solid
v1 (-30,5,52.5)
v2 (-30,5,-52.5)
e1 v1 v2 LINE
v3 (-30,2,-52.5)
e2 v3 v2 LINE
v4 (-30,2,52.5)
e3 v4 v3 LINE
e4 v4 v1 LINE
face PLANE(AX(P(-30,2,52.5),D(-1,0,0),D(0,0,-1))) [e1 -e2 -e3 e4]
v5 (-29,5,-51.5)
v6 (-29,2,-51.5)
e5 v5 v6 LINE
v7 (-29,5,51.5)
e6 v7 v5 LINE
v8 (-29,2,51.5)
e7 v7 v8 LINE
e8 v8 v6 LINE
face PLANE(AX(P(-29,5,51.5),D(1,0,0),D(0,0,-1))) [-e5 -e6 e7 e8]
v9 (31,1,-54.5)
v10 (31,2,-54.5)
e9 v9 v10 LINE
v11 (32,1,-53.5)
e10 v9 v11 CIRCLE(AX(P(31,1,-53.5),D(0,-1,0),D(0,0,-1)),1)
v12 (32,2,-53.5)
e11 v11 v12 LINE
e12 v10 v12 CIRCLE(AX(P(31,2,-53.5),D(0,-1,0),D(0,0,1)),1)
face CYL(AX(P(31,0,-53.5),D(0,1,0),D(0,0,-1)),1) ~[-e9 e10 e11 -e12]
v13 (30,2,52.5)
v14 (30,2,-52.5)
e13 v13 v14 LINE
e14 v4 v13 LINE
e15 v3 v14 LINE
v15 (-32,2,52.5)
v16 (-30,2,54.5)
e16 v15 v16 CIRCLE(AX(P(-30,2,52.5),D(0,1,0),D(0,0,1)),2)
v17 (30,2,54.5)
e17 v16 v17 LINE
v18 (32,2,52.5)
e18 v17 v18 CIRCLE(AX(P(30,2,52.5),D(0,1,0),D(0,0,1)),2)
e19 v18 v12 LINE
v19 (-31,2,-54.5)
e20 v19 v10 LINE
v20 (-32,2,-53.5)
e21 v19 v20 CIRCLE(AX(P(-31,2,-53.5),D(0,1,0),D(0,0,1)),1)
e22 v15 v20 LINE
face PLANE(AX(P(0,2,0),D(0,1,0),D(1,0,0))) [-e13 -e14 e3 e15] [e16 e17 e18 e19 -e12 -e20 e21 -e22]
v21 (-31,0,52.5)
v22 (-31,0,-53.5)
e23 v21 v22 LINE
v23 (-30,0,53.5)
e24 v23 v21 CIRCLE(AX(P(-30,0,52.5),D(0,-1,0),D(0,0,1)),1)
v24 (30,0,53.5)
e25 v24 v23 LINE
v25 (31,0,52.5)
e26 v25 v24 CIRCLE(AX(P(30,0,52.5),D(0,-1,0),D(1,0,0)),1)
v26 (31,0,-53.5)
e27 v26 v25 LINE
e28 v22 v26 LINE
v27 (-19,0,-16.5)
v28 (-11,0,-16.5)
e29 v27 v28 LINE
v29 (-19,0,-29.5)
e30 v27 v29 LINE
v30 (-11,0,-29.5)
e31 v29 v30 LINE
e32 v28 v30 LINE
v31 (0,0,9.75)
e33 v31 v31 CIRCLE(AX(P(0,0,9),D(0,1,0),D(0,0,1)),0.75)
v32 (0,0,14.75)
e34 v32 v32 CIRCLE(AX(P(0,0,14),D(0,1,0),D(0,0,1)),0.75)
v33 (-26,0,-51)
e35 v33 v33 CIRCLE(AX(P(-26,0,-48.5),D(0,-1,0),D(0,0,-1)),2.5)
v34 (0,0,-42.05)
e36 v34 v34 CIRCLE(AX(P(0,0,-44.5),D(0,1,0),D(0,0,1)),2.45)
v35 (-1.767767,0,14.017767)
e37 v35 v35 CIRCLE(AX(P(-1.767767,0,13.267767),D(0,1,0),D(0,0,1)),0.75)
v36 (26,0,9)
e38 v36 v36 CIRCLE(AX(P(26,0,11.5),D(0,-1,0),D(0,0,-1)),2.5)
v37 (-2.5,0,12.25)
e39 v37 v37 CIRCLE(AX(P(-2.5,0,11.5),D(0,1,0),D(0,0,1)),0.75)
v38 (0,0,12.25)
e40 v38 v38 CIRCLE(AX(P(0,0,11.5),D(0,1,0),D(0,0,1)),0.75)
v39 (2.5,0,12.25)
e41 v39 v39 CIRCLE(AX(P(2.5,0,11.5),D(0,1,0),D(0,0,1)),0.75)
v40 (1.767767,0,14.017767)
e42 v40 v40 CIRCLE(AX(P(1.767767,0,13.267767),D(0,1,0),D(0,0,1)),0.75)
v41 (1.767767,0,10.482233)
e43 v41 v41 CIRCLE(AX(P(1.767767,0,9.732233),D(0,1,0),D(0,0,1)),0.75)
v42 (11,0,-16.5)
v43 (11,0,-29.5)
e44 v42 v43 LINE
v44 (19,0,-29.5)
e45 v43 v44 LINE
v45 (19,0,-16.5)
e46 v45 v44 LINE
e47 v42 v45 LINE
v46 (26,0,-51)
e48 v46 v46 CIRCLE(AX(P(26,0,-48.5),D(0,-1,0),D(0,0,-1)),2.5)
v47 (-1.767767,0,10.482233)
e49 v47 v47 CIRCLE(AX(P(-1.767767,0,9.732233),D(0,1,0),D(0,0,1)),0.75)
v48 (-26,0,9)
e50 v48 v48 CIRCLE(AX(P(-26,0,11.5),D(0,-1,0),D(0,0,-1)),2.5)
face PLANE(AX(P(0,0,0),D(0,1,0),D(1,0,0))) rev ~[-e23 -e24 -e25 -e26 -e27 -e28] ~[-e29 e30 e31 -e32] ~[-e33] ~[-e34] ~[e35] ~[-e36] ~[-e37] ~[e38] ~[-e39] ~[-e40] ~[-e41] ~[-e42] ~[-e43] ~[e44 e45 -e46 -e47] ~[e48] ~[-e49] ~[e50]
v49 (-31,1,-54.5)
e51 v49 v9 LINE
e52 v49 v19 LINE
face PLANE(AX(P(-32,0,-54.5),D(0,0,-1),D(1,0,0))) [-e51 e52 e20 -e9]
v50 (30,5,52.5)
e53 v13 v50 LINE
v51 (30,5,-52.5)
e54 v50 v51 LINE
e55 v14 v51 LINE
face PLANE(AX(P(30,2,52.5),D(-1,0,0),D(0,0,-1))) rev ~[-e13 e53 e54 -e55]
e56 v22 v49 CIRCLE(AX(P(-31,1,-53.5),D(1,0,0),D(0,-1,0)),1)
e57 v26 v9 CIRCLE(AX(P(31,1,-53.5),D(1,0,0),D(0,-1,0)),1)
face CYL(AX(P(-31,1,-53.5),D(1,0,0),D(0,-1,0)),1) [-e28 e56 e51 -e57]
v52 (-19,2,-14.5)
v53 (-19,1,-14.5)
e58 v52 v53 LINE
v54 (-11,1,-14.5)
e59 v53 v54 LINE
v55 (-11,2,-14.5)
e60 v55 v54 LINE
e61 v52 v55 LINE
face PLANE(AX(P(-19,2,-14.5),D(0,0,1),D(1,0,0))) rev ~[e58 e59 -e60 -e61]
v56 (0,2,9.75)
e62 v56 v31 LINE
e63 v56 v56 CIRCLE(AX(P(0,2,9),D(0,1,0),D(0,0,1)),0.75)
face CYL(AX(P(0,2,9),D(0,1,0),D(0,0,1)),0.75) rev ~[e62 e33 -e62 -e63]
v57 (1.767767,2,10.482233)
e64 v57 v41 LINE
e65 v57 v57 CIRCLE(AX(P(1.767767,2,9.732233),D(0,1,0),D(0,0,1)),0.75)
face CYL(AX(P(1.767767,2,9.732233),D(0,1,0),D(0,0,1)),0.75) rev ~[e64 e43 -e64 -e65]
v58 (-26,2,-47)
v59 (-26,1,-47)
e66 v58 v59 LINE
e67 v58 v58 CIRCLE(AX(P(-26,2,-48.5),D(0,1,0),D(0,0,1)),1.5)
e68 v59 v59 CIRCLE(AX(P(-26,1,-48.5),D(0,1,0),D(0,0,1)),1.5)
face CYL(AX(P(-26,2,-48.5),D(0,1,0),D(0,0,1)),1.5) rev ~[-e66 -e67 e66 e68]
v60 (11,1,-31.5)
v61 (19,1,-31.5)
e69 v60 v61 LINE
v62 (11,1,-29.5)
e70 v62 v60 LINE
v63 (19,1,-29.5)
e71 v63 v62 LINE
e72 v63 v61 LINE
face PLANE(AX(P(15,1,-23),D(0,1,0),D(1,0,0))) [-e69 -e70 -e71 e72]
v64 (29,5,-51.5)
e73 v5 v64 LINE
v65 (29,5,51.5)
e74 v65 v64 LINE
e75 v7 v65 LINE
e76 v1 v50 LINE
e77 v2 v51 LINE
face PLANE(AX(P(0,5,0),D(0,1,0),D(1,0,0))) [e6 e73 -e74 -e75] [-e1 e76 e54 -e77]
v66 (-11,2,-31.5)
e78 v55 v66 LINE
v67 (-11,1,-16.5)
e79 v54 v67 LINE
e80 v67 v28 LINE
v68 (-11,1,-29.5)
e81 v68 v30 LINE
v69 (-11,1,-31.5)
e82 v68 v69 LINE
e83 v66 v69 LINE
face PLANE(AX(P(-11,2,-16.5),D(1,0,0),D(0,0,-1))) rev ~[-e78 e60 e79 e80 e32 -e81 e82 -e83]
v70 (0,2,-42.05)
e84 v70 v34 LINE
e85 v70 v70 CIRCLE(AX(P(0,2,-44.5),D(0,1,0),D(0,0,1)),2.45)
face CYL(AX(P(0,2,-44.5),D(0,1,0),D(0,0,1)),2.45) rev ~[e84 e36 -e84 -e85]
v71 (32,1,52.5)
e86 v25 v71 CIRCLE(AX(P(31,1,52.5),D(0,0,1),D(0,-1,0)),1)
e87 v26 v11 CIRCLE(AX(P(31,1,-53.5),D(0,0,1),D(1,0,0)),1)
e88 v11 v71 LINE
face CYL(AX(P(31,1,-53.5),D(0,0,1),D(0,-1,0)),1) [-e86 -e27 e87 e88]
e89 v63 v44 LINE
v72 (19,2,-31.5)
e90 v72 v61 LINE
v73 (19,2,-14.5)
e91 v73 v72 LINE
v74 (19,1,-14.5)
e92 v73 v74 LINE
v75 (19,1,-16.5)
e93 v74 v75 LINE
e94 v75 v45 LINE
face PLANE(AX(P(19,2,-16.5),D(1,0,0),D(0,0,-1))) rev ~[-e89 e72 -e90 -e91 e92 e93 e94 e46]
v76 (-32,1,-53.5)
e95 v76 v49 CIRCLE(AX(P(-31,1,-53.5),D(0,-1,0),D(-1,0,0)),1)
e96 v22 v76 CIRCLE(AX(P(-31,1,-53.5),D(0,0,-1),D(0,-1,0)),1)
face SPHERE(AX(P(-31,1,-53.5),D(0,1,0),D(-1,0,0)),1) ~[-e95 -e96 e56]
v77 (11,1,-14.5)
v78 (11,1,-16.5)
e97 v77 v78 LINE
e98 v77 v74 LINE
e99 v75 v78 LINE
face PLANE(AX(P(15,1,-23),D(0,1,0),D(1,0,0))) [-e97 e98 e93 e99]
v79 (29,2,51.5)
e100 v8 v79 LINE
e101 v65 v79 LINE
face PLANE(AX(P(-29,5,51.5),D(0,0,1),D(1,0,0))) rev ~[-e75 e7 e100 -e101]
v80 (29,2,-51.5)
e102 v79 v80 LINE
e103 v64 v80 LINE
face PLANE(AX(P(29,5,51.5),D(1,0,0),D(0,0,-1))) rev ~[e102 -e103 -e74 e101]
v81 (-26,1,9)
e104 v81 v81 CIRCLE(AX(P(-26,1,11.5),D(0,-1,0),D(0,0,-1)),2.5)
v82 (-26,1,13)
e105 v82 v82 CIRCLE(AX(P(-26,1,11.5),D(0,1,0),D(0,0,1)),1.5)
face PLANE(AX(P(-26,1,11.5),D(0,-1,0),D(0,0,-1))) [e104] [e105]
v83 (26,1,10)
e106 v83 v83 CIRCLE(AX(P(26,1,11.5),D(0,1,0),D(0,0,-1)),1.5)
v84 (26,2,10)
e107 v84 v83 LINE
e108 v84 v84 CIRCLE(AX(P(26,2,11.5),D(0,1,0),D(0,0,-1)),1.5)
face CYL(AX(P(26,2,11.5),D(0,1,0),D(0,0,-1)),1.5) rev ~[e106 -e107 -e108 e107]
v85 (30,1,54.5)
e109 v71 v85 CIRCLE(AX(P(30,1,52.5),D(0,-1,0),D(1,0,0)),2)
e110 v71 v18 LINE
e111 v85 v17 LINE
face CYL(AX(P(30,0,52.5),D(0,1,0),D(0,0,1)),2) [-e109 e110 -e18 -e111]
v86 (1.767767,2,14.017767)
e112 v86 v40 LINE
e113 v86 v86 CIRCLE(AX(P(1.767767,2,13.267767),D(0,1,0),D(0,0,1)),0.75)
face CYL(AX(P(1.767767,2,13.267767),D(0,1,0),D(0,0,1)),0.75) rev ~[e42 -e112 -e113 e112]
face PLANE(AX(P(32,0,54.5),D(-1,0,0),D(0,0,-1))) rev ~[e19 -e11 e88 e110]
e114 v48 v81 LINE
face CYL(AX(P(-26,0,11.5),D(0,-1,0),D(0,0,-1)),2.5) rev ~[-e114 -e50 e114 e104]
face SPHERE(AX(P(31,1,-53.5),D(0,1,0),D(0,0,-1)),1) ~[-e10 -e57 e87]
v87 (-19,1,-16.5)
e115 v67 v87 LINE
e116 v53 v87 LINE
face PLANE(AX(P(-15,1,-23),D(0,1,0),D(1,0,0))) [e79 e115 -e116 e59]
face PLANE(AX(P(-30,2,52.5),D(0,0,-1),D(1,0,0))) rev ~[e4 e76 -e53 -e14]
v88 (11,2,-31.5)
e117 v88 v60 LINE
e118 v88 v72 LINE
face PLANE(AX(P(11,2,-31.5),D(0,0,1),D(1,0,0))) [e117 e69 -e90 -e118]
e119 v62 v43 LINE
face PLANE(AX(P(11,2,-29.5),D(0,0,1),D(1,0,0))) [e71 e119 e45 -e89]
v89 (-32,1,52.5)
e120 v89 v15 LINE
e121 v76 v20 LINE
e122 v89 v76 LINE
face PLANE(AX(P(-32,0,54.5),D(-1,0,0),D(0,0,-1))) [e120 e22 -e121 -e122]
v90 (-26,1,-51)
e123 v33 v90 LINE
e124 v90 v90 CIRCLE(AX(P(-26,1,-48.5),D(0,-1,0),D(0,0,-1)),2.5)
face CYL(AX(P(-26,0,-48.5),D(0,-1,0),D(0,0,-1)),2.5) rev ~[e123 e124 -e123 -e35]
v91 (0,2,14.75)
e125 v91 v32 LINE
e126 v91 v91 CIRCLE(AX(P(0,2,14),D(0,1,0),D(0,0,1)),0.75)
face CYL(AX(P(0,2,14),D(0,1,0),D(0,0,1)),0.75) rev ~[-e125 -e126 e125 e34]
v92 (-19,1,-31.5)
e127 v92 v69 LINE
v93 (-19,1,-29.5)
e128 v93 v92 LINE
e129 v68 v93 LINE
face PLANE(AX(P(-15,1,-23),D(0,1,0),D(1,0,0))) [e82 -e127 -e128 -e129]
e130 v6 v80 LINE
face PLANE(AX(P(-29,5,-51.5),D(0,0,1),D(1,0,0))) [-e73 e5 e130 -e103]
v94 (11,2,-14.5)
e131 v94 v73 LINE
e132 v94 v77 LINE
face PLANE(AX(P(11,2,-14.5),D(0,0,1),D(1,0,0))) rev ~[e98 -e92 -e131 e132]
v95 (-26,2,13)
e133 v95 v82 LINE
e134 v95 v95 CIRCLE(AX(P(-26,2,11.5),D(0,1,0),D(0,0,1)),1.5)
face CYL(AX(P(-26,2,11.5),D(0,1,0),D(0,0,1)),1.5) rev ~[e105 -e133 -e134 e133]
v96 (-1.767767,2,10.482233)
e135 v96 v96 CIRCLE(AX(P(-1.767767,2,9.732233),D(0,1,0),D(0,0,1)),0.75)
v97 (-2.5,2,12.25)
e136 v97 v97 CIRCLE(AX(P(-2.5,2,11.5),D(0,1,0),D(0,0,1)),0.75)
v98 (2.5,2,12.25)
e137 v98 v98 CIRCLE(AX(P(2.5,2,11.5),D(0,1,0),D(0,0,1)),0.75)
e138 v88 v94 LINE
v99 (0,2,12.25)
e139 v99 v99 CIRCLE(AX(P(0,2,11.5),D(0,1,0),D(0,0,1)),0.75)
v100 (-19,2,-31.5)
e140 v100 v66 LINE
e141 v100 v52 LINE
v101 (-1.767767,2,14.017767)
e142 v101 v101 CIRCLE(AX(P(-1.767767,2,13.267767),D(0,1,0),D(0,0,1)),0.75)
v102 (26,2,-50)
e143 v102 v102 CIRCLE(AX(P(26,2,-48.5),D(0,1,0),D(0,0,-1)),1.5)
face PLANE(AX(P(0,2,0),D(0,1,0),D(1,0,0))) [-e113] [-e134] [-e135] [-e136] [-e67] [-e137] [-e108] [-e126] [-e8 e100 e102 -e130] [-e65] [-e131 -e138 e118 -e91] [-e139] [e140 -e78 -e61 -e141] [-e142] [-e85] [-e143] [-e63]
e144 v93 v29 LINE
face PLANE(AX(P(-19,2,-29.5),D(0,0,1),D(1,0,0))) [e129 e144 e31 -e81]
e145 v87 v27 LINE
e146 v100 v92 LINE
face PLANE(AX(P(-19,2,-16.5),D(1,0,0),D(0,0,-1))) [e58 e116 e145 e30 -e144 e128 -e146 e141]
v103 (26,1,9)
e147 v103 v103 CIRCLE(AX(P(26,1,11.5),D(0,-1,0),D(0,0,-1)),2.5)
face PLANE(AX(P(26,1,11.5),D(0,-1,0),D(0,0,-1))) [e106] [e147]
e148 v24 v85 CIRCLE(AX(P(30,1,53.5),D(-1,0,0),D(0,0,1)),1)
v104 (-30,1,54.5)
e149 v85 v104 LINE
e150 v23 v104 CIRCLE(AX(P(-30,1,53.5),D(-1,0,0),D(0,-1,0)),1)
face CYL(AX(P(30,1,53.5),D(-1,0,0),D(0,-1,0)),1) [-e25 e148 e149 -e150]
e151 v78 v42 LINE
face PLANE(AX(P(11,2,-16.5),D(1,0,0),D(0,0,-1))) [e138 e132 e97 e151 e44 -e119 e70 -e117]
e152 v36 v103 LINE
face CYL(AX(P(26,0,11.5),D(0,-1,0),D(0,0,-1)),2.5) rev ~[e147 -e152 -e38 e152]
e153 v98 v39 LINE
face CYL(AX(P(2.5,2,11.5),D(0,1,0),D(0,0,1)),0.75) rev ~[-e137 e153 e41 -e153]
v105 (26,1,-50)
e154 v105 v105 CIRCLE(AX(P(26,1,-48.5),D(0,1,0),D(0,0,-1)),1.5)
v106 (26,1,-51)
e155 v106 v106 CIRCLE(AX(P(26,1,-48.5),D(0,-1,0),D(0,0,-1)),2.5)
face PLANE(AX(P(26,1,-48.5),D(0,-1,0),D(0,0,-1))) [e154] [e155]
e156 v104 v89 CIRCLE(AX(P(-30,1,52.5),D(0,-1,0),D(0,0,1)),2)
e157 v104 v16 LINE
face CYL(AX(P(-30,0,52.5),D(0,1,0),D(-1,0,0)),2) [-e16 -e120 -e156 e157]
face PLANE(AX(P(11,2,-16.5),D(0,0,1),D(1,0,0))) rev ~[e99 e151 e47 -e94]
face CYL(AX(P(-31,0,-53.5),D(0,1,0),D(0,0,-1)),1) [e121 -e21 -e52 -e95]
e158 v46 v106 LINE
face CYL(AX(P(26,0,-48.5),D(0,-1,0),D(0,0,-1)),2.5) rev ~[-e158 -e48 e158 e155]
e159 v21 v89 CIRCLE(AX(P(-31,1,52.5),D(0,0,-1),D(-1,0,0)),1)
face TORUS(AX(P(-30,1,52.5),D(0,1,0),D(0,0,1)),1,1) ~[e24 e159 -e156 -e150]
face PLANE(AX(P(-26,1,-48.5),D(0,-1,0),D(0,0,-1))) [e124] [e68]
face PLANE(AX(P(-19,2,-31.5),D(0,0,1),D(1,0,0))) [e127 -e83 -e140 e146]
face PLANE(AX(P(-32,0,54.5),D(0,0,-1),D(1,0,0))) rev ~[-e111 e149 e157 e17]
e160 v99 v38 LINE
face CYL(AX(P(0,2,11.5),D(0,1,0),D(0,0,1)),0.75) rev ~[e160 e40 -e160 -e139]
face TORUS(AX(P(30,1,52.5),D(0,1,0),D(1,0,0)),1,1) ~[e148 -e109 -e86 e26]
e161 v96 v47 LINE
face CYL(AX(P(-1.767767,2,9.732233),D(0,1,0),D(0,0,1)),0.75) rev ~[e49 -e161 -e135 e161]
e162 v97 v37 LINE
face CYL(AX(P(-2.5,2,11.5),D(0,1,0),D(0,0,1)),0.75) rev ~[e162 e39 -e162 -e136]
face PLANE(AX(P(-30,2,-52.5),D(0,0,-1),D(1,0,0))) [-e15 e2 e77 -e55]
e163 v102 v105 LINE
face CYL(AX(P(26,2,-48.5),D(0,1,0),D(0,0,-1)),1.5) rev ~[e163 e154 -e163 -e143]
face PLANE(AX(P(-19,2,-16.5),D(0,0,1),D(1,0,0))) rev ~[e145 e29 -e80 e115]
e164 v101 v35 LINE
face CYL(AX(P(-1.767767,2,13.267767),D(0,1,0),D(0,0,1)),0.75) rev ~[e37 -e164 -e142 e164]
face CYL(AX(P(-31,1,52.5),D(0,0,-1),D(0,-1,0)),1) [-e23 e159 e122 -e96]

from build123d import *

# Parameters (mm, degrees)
SKETCH1_W           = 64
SKETCH1_H           = 109
BOSS_EXTRUDE1_DEPTH = 2
SKETCH2_W           = 60
SKETCH2_H           = 105
BOSS_EXTRUDE2_DEPTH = 3
SKETCH3_W           = 58
SKETCH3_H           = 103
CUT_EXTRUDE1_DEPTH  = 3
SKETCH4_R           = 1.5
CUT_EXTRUDE2_DEPTH  = 2
SKETCH6_R           = 2.5
CUT_EXTRUDE3_DEPTH  = 1
SKETCH7_R           = 2.45
CUT_EXTRUDE4_DEPTH  = 2
SKETCH8_W           = 8
SKETCH8_H           = 13
CUT_EXTRUDE5_DEPTH  = 2
SKETCH9_W           = 8
SKETCH9_H           = 13
CUT_EXTRUDE6_DEPTH  = 2
FILLET2_R           = 1
FILLET3_R           = 1
FILLET4_R           = 2
FILLET5_R           = 2
FILLET6_R           = 1
SKETCH10_W          = 8
SKETCH10_H          = 17
CUT_EXTRUDE7_DEPTH  = 1
SKETCH11_R          = 0.75
CUT_EXTRUDE8_DEPTH  = 2


with BuildPart() as part:
    # Sketch1 → Boss-Extrude1 (new body)
    with BuildSketch(Plane(origin=(0, 0, 0), x_dir=(1, 0, 0), z_dir=(0, 1, 0))):
        Rectangle(SKETCH1_W, SKETCH1_H)
    extrude(amount=BOSS_EXTRUDE1_DEPTH)

    # Sketch2 → Boss-Extrude2 (add)
    with BuildSketch(Plane(origin=(0, 2, 0), x_dir=(1, 0, 0), z_dir=(0, 1, 0))):
        Rectangle(SKETCH2_W, SKETCH2_H)
    extrude(amount=BOSS_EXTRUDE2_DEPTH)

    # Sketch3 → Cut-Extrude1 (cut)
    with BuildSketch(Plane(origin=(0, 5, 0), x_dir=(1, 0, 0), z_dir=(0, 1, 0))):
        Rectangle(SKETCH3_W, SKETCH3_H)
    extrude(amount=-CUT_EXTRUDE1_DEPTH, mode=Mode.SUBTRACT)

    # Sketch4 → Cut-Extrude2 (cut)
    with BuildSketch(Plane(origin=(0, 2, 0), x_dir=(1, 0, 0), z_dir=(0, 1, 0))):
        with Locations(Location((-26, 48.5, 0), (0, 0, 270))):
            Circle(SKETCH4_R)
        with Locations(Location((-26, -11.5, 0), (0, 0, 270))):
            Circle(SKETCH4_R)
        with Locations(Location((26, -11.5, 0), (0, 0, 90))):
            Circle(SKETCH4_R)
        with Locations(Location((26, 48.5, 0), (0, 0, 90))):
            Circle(SKETCH4_R)
    extrude(amount=-CUT_EXTRUDE2_DEPTH, mode=Mode.SUBTRACT)

    # Sketch6 → Cut-Extrude3 (cut)
    with BuildSketch(Plane.XZ):
        with Locations(Location((26, -48.5, 0), (0, 0, 270))):
            Circle(SKETCH6_R)
        with Locations(Location((-26, -48.5, 0), (0, 0, 270))):
            Circle(SKETCH6_R)
        with Locations(Location((26, 11.5, 0), (0, 0, 270))):
            Circle(SKETCH6_R)
        with Locations(Location((-26, 11.5, 0), (0, 0, 270))):
            Circle(SKETCH6_R)
    extrude(amount=-CUT_EXTRUDE3_DEPTH, mode=Mode.SUBTRACT)

    # Sketch7 → Cut-Extrude4 (cut)
    with BuildSketch(Plane(origin=(0, 2, 0), x_dir=(1, 0, 0), z_dir=(0, 1, 0))):
        with Locations(Location((0, 44.5, 0), (0, 0, 270))):
            Circle(SKETCH7_R)
    extrude(amount=-CUT_EXTRUDE4_DEPTH, mode=Mode.SUBTRACT)

    # Sketch8 → Cut-Extrude5 (cut)
    with BuildSketch(Plane(origin=(0, 2, 0), x_dir=(1, 0, 0), z_dir=(0, 1, 0))):
        with Locations((-15, 23)):
            Rectangle(SKETCH8_W, SKETCH8_H)
    extrude(amount=-CUT_EXTRUDE5_DEPTH, mode=Mode.SUBTRACT)

    # Sketch9 → Cut-Extrude6 (cut)
    with BuildSketch(Plane(origin=(0, 2, 0), x_dir=(1, 0, 0), z_dir=(0, 1, 0))):
        with Locations((15, 23)):
            Rectangle(SKETCH9_W, SKETCH9_H)
    extrude(amount=-CUT_EXTRUDE6_DEPTH, mode=Mode.SUBTRACT)

    # Fillet2
    fillet2_edges = [part.edges().sort_by_distance(p)[0] for p in [
        (32, 1, -54.5),
    ]]
    fillet(fillet2_edges, radius=FILLET2_R)

    # Fillet3
    fillet3_edges = [part.edges().sort_by_distance(p)[0] for p in [
        (-32, 1, -54.5),
    ]]
    fillet(fillet3_edges, radius=FILLET3_R)

    # Fillet4
    fillet4_edges = [part.edges().sort_by_distance(p)[0] for p in [
        (-32, 1, 54.5),
    ]]
    fillet(fillet4_edges, radius=FILLET4_R)

    # Fillet5
    fillet5_edges = [part.edges().sort_by_distance(p)[0] for p in [
        (32, 1, 54.5),
    ]]
    fillet(fillet5_edges, radius=FILLET5_R)

    # Fillet6
    fillet6_edges = [part.edges().sort_by_distance(p)[0] for p in [
        (0, 0, -54.5),
        (31.707106781, 0, -54.207106781),
        (-32, 0, -0.5),
        (-31.707106781, 0, -54.207106781),
        (0, 0, 54.5),
        (-31.414213562, 0, 53.914213562),
        (32, 0, -0.5),
        (31.414213562, 0, 53.914213562),
    ]]
    fillet(fillet6_edges, radius=FILLET6_R)

    # Sketch10 → Cut-Extrude7 (cut)
    with BuildSketch(Plane(origin=(0, 2, 0), x_dir=(1, 0, 0), z_dir=(0, 1, 0))):
        with Locations((-15, 23)):
            Rectangle(SKETCH10_W, SKETCH10_H)
        with Locations((15, 23)):
            Rectangle(SKETCH10_W, SKETCH10_H)
    extrude(amount=-CUT_EXTRUDE7_DEPTH, mode=Mode.SUBTRACT)

    # Sketch11 → Cut-Extrude8 (cut)
    with BuildSketch(Plane(origin=(0, 2, 0), x_dir=(1, 0, 0), z_dir=(0, 1, 0))):
        with Locations(Location((0, -11.5, 0), (0, 0, 270))):
            Circle(SKETCH11_R)
        with Locations(Location((0, -9, 0), (0, 0, 270))):
            Circle(SKETCH11_R)
        with Locations(Location((1.767766953, -9.732233047, 0), (0, 0, 270))):
            Circle(SKETCH11_R)
        with Locations(Location((2.5, -11.5, 0), (0, 0, 270))):
            Circle(SKETCH11_R)
        with Locations(Location((1.767766953, -13.267766953, 0), (0, 0, 270))):
            Circle(SKETCH11_R)
        with Locations(Location((0, -14, 0), (0, 0, 270))):
            Circle(SKETCH11_R)
        with Locations(Location((-1.767766953, -9.732233047, 0), (0, 0, 270))):
            Circle(SKETCH11_R)
        with Locations(Location((-2.5, -11.5, 0), (0, 0, 270))):
            Circle(SKETCH11_R)
        with Locations(Location((-1.767766953, -13.267766953, 0), (0, 0, 270))):
            Circle(SKETCH11_R)
    extrude(amount=-CUT_EXTRUDE8_DEPTH, mode=Mode.SUBTRACT)


solid = part.part
